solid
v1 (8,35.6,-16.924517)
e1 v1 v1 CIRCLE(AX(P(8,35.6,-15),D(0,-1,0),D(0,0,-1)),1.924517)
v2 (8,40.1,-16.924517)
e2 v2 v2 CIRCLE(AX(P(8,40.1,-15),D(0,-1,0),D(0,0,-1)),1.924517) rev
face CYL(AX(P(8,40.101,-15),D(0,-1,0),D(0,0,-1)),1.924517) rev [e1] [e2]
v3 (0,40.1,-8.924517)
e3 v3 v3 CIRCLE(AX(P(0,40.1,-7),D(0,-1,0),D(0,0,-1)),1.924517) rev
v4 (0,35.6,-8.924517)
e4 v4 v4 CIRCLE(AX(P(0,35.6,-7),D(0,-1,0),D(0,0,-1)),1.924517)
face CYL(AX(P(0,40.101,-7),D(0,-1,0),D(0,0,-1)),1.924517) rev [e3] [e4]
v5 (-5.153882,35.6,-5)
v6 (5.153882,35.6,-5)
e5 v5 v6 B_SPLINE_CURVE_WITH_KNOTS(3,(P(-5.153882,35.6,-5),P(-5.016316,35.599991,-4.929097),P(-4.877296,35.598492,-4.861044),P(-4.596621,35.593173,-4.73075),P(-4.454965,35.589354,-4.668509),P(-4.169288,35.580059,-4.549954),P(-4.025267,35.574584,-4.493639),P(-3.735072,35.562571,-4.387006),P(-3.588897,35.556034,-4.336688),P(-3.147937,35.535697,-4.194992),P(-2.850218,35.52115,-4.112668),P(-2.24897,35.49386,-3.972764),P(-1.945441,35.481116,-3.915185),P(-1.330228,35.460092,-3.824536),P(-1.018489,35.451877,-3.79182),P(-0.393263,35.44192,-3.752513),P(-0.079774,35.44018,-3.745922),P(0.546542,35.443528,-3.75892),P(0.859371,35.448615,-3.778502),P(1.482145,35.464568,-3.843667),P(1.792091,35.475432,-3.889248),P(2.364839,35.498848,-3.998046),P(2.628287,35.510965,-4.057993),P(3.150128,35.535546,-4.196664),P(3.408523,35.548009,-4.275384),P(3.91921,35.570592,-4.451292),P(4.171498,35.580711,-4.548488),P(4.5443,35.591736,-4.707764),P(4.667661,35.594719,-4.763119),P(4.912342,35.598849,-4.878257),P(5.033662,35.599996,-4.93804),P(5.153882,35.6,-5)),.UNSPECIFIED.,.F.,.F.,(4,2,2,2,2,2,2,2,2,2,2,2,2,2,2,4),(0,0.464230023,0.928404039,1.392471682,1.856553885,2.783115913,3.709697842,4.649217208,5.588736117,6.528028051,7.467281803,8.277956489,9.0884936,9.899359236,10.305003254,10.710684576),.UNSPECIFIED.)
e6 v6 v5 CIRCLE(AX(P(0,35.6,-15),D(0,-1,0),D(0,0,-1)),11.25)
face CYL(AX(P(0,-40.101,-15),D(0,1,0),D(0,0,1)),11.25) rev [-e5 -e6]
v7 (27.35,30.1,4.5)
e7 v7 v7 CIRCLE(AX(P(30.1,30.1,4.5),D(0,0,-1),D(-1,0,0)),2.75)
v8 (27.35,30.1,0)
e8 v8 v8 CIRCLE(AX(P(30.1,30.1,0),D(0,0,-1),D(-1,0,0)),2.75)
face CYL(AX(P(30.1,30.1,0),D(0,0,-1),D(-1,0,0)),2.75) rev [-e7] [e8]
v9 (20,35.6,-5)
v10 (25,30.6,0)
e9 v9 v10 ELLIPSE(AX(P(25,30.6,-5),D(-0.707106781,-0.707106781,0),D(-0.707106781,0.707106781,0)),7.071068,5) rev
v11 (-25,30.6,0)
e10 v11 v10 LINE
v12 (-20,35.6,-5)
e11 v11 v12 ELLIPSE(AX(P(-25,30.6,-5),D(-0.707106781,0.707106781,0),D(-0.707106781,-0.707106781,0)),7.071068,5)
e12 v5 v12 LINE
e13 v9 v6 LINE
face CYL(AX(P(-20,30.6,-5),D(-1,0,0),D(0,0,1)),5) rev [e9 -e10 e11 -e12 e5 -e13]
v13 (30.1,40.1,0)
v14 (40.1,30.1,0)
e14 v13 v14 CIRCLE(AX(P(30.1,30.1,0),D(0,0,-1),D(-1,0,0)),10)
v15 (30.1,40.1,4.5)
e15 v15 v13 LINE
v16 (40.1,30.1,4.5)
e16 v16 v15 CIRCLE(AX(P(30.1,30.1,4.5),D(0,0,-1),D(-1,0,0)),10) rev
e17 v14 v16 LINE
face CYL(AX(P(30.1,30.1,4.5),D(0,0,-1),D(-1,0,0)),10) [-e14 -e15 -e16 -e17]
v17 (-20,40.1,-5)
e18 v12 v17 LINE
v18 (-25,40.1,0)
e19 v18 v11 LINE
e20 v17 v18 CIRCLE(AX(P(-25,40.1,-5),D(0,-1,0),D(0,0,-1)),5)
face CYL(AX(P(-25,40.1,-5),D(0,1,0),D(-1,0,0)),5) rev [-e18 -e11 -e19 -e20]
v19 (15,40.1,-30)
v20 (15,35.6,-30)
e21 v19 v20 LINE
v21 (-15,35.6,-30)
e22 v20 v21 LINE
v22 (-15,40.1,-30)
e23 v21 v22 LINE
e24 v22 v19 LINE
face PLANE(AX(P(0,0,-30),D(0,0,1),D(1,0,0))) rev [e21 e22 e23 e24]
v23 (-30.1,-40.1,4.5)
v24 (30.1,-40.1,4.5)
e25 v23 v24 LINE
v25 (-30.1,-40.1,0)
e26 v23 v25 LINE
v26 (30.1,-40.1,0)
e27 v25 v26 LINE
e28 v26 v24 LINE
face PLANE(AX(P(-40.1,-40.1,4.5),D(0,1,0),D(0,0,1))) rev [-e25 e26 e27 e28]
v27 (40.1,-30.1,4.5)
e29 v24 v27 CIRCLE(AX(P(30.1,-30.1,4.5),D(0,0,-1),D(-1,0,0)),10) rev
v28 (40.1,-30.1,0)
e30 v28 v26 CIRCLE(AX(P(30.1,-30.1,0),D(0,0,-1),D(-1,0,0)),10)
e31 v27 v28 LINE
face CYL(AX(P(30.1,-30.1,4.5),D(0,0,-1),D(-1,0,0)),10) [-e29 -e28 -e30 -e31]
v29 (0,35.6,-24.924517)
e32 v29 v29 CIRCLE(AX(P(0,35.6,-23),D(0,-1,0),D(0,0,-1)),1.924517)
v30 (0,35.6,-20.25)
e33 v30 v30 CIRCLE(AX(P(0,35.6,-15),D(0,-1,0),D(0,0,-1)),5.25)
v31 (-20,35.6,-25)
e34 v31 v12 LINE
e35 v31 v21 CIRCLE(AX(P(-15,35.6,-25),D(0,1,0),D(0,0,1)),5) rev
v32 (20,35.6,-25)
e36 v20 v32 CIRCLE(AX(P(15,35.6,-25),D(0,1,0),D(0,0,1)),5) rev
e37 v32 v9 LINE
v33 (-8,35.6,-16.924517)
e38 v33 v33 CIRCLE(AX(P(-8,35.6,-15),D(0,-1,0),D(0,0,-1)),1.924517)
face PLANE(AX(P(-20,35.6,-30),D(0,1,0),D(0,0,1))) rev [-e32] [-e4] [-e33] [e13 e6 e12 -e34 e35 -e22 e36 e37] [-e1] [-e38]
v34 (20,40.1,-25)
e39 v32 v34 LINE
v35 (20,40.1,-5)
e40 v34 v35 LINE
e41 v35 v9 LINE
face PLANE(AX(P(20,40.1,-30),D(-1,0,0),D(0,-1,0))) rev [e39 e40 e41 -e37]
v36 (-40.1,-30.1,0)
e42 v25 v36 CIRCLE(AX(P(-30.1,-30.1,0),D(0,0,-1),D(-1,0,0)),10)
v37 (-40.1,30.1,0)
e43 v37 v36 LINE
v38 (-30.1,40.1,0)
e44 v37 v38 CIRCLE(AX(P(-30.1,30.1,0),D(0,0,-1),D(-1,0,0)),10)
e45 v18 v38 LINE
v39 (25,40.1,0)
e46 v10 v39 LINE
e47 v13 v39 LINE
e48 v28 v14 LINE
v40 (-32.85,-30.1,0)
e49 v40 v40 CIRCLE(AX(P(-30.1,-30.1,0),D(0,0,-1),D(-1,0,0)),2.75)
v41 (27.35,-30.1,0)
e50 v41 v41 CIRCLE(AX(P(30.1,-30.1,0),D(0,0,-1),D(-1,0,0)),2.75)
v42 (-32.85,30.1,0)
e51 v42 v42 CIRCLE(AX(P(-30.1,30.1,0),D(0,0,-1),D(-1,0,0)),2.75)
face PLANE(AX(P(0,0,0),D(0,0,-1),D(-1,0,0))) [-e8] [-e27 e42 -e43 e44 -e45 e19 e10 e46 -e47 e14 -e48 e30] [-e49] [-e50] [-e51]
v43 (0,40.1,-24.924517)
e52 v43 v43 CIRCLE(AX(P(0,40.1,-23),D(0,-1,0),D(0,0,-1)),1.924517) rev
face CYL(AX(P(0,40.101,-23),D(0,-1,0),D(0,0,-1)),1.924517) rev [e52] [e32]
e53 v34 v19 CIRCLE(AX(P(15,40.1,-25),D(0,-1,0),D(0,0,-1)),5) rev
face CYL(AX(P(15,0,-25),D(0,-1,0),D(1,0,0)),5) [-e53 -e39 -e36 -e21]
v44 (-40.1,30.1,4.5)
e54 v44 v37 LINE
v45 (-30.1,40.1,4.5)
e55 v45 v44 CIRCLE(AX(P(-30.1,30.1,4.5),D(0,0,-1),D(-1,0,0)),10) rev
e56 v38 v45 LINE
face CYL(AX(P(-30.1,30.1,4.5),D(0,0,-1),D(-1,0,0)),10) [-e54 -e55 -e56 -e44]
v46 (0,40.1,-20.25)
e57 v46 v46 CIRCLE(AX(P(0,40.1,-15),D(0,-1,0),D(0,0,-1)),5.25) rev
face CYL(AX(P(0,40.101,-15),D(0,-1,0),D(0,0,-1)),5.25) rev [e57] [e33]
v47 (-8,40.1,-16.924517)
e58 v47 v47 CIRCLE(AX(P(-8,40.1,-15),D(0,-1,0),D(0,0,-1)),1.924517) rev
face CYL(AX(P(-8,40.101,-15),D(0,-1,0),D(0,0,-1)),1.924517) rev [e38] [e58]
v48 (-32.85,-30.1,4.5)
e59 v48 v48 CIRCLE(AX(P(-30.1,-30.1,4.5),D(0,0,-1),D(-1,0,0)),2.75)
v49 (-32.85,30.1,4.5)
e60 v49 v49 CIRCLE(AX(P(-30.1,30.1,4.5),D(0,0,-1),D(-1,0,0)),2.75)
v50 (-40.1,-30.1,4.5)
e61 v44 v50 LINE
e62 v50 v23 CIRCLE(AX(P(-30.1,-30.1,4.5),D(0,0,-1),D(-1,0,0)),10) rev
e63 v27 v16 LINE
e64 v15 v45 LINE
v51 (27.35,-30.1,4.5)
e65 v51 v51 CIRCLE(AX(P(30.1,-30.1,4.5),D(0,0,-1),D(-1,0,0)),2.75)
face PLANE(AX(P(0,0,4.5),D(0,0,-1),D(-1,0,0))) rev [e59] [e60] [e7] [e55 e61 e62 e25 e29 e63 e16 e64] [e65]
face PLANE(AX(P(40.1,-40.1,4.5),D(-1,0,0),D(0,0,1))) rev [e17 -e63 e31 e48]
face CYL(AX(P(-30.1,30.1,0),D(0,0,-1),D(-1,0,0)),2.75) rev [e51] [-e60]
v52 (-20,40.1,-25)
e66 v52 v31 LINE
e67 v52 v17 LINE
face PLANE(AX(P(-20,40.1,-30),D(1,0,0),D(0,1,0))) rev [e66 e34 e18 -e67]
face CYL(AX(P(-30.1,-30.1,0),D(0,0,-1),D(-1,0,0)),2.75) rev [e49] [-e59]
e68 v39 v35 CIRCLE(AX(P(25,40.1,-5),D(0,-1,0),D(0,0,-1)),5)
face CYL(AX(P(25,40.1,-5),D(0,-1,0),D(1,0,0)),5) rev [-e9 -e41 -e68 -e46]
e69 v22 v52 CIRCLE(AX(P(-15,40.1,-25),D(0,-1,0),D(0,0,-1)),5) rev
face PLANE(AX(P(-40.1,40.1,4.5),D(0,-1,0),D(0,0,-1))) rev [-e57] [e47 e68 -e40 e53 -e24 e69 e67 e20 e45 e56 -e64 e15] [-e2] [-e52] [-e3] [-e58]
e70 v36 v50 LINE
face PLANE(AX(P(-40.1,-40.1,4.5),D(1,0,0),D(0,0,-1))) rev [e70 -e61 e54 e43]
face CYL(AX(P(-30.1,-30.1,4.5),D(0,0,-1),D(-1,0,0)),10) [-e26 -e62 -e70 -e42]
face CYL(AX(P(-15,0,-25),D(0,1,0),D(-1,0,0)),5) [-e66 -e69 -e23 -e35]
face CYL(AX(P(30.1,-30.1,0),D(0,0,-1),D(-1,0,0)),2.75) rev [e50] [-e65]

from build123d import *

# Parameters (mm, degrees)
SKETCH1_W            = 80.2
SKETCH1_H            = 80.2
BOSS_EXTRUDE1_DEPTH  = 4.5
M5_CLEARANCE_HOLE1_D = 5.5
SKETCH3_W            = 40
SKETCH3_H            = 4.5
BOSS_EXTRUDE2_DEPTH  = 30
CUT_EXTRUDE1_REACH   = 92.766
SKETCH4_R            = 5.25
CUT_EXTRUDE2_REACH   = 92.766
SKETCH5_R            = 1.924517265
FILLET2_R            = 10
FILLET4_R            = 5
FILLET3_R            = 5
CUT_EXTRUDE3_REACH   = 92.766
SKETCH6_R            = 11.25
FILLET5_R            = 5


with BuildPart() as part:
    # Sketch1 → Boss-Extrude1 (new body)
    with BuildSketch(Plane.XY):
        Rectangle(SKETCH1_W, SKETCH1_H)
    extrude(amount=BOSS_EXTRUDE1_DEPTH)

    # M5 Clearance Hole1 (through all)
    with Locations(Plane(origin=(-30.1, -30.1, 0), x_dir=(-1, 0, 0), z_dir=(0, 0, -1))):
        with Locations((0, 0), (-60.2, 60.2), (0, 60.2), (-60.2, 0)):
            Hole(M5_CLEARANCE_HOLE1_D / 2)

    # Sketch3 → Boss-Extrude2 (add)
    with BuildSketch(Plane(origin=(0, 0, 0), x_dir=(-1, 0, 0), z_dir=(0, 0, -1))):
        with Locations((0, 37.85)):
            Rectangle(SKETCH3_W, SKETCH3_H)
    extrude(amount=BOSS_EXTRUDE2_DEPTH)

    # Sketch4 → Cut-Extrude1 (cut, up to next)
    with BuildSketch(Plane(origin=(0, 35.6, 0), x_dir=(-1, 0, 0), z_dir=(0, -1, 0)), mode=Mode.PRIVATE) as cut_extrude1_sk1:
        with Locations(Location((0, 15, 0), (0, 0, 90))):
            Circle(SKETCH4_R)
    cut_extrude1_tool1 = extrude(cut_extrude1_sk1.sketch, amount=-CUT_EXTRUDE1_REACH, mode=Mode.PRIVATE) & part.part
    add(cut_extrude1_tool1.solids().sort_by_distance((0, 35.6, -15))[0], mode=Mode.SUBTRACT)

    # Sketch5 → Cut-Extrude2 (cut, up to next)
    with BuildSketch(Plane.XZ.offset(-35.6), mode=Mode.PRIVATE) as cut_extrude2_sk1:
        with Locations(Location((0, -23, 0), (0, 0, 270))):
            Circle(SKETCH5_R)
    cut_extrude2_tool1 = extrude(cut_extrude2_sk1.sketch, amount=-CUT_EXTRUDE2_REACH, mode=Mode.PRIVATE) & part.part
    # Sketch5 → Cut-Extrude2 (cut, up to next)
    with BuildSketch(Plane.XZ.offset(-35.6), mode=Mode.PRIVATE) as cut_extrude2_sk2:
        with Locations(Location((-8, -15, 0), (0, 0, 270))):
            Circle(SKETCH5_R)
    cut_extrude2_tool2 = extrude(cut_extrude2_sk2.sketch, amount=-CUT_EXTRUDE2_REACH, mode=Mode.PRIVATE) & part.part
    # Sketch5 → Cut-Extrude2 (cut, up to next)
    with BuildSketch(Plane.XZ.offset(-35.6), mode=Mode.PRIVATE) as cut_extrude2_sk3:
        with Locations(Location((0, -7, 0), (0, 0, 270))):
            Circle(SKETCH5_R)
    cut_extrude2_tool3 = extrude(cut_extrude2_sk3.sketch, amount=-CUT_EXTRUDE2_REACH, mode=Mode.PRIVATE) & part.part
    # Sketch5 → Cut-Extrude2 (cut, up to next)
    with BuildSketch(Plane.XZ.offset(-35.6), mode=Mode.PRIVATE) as cut_extrude2_sk4:
        with Locations(Location((8, -15, 0), (0, 0, 270))):
            Circle(SKETCH5_R)
    cut_extrude2_tool4 = extrude(cut_extrude2_sk4.sketch, amount=-CUT_EXTRUDE2_REACH, mode=Mode.PRIVATE) & part.part
    add(cut_extrude2_tool1.solids().sort_by_distance((0, 35.6, -23))[0], mode=Mode.SUBTRACT)
    add(cut_extrude2_tool2.solids().sort_by_distance((-8, 35.6, -15))[0], mode=Mode.SUBTRACT)
    add(cut_extrude2_tool3.solids().sort_by_distance((0, 35.6, -7))[0], mode=Mode.SUBTRACT)
    add(cut_extrude2_tool4.solids().sort_by_distance((8, 35.6, -15))[0], mode=Mode.SUBTRACT)

    # Fillet2
    fillet2_edges = [part.edges().sort_by_distance(p)[0] for p in [
        (40.1, -40.1, 2.25),
        (-40.1, -40.1, 2.25),
        (-40.1, 40.1, 2.25),
        (40.1, 40.1, 2.25),
    ]]
    fillet(fillet2_edges, radius=FILLET2_R)

    # Fillet4
    fillet4_edges = [part.edges().sort_by_distance(p)[0] for p in [
        (0, 35.6, 0),
    ]]
    fillet(fillet4_edges, radius=FILLET4_R)

    # Fillet3
    fillet3_edges = [part.edges().sort_by_distance(p)[0] for p in [
        (-20, 37.85, -30),
        (20, 37.85, -30),
    ]]
    fillet(fillet3_edges, radius=FILLET3_R)

    # Sketch6 → Cut-Extrude3 (cut, up to next)
    with BuildSketch(Plane.XZ.offset(-35.6), mode=Mode.PRIVATE) as cut_extrude3_sk1:
        with Locations((0, -15)):
            Circle(SKETCH6_R)
    cut_extrude3_tool1 = extrude(cut_extrude3_sk1.sketch, amount=CUT_EXTRUDE3_REACH, mode=Mode.PRIVATE) & part.part
    add(cut_extrude3_tool1.solids().sort_by_distance((0, 35.6, -15))[0], mode=Mode.SUBTRACT)

    # Fillet5
    fillet5_edges = [part.edges().sort_by_distance(p)[0] for p in [
        (-20, 35.35, 0),
        (20, 35.35, 0),
    ]]
    fillet(fillet5_edges, radius=FILLET5_R)


solid = part.part
